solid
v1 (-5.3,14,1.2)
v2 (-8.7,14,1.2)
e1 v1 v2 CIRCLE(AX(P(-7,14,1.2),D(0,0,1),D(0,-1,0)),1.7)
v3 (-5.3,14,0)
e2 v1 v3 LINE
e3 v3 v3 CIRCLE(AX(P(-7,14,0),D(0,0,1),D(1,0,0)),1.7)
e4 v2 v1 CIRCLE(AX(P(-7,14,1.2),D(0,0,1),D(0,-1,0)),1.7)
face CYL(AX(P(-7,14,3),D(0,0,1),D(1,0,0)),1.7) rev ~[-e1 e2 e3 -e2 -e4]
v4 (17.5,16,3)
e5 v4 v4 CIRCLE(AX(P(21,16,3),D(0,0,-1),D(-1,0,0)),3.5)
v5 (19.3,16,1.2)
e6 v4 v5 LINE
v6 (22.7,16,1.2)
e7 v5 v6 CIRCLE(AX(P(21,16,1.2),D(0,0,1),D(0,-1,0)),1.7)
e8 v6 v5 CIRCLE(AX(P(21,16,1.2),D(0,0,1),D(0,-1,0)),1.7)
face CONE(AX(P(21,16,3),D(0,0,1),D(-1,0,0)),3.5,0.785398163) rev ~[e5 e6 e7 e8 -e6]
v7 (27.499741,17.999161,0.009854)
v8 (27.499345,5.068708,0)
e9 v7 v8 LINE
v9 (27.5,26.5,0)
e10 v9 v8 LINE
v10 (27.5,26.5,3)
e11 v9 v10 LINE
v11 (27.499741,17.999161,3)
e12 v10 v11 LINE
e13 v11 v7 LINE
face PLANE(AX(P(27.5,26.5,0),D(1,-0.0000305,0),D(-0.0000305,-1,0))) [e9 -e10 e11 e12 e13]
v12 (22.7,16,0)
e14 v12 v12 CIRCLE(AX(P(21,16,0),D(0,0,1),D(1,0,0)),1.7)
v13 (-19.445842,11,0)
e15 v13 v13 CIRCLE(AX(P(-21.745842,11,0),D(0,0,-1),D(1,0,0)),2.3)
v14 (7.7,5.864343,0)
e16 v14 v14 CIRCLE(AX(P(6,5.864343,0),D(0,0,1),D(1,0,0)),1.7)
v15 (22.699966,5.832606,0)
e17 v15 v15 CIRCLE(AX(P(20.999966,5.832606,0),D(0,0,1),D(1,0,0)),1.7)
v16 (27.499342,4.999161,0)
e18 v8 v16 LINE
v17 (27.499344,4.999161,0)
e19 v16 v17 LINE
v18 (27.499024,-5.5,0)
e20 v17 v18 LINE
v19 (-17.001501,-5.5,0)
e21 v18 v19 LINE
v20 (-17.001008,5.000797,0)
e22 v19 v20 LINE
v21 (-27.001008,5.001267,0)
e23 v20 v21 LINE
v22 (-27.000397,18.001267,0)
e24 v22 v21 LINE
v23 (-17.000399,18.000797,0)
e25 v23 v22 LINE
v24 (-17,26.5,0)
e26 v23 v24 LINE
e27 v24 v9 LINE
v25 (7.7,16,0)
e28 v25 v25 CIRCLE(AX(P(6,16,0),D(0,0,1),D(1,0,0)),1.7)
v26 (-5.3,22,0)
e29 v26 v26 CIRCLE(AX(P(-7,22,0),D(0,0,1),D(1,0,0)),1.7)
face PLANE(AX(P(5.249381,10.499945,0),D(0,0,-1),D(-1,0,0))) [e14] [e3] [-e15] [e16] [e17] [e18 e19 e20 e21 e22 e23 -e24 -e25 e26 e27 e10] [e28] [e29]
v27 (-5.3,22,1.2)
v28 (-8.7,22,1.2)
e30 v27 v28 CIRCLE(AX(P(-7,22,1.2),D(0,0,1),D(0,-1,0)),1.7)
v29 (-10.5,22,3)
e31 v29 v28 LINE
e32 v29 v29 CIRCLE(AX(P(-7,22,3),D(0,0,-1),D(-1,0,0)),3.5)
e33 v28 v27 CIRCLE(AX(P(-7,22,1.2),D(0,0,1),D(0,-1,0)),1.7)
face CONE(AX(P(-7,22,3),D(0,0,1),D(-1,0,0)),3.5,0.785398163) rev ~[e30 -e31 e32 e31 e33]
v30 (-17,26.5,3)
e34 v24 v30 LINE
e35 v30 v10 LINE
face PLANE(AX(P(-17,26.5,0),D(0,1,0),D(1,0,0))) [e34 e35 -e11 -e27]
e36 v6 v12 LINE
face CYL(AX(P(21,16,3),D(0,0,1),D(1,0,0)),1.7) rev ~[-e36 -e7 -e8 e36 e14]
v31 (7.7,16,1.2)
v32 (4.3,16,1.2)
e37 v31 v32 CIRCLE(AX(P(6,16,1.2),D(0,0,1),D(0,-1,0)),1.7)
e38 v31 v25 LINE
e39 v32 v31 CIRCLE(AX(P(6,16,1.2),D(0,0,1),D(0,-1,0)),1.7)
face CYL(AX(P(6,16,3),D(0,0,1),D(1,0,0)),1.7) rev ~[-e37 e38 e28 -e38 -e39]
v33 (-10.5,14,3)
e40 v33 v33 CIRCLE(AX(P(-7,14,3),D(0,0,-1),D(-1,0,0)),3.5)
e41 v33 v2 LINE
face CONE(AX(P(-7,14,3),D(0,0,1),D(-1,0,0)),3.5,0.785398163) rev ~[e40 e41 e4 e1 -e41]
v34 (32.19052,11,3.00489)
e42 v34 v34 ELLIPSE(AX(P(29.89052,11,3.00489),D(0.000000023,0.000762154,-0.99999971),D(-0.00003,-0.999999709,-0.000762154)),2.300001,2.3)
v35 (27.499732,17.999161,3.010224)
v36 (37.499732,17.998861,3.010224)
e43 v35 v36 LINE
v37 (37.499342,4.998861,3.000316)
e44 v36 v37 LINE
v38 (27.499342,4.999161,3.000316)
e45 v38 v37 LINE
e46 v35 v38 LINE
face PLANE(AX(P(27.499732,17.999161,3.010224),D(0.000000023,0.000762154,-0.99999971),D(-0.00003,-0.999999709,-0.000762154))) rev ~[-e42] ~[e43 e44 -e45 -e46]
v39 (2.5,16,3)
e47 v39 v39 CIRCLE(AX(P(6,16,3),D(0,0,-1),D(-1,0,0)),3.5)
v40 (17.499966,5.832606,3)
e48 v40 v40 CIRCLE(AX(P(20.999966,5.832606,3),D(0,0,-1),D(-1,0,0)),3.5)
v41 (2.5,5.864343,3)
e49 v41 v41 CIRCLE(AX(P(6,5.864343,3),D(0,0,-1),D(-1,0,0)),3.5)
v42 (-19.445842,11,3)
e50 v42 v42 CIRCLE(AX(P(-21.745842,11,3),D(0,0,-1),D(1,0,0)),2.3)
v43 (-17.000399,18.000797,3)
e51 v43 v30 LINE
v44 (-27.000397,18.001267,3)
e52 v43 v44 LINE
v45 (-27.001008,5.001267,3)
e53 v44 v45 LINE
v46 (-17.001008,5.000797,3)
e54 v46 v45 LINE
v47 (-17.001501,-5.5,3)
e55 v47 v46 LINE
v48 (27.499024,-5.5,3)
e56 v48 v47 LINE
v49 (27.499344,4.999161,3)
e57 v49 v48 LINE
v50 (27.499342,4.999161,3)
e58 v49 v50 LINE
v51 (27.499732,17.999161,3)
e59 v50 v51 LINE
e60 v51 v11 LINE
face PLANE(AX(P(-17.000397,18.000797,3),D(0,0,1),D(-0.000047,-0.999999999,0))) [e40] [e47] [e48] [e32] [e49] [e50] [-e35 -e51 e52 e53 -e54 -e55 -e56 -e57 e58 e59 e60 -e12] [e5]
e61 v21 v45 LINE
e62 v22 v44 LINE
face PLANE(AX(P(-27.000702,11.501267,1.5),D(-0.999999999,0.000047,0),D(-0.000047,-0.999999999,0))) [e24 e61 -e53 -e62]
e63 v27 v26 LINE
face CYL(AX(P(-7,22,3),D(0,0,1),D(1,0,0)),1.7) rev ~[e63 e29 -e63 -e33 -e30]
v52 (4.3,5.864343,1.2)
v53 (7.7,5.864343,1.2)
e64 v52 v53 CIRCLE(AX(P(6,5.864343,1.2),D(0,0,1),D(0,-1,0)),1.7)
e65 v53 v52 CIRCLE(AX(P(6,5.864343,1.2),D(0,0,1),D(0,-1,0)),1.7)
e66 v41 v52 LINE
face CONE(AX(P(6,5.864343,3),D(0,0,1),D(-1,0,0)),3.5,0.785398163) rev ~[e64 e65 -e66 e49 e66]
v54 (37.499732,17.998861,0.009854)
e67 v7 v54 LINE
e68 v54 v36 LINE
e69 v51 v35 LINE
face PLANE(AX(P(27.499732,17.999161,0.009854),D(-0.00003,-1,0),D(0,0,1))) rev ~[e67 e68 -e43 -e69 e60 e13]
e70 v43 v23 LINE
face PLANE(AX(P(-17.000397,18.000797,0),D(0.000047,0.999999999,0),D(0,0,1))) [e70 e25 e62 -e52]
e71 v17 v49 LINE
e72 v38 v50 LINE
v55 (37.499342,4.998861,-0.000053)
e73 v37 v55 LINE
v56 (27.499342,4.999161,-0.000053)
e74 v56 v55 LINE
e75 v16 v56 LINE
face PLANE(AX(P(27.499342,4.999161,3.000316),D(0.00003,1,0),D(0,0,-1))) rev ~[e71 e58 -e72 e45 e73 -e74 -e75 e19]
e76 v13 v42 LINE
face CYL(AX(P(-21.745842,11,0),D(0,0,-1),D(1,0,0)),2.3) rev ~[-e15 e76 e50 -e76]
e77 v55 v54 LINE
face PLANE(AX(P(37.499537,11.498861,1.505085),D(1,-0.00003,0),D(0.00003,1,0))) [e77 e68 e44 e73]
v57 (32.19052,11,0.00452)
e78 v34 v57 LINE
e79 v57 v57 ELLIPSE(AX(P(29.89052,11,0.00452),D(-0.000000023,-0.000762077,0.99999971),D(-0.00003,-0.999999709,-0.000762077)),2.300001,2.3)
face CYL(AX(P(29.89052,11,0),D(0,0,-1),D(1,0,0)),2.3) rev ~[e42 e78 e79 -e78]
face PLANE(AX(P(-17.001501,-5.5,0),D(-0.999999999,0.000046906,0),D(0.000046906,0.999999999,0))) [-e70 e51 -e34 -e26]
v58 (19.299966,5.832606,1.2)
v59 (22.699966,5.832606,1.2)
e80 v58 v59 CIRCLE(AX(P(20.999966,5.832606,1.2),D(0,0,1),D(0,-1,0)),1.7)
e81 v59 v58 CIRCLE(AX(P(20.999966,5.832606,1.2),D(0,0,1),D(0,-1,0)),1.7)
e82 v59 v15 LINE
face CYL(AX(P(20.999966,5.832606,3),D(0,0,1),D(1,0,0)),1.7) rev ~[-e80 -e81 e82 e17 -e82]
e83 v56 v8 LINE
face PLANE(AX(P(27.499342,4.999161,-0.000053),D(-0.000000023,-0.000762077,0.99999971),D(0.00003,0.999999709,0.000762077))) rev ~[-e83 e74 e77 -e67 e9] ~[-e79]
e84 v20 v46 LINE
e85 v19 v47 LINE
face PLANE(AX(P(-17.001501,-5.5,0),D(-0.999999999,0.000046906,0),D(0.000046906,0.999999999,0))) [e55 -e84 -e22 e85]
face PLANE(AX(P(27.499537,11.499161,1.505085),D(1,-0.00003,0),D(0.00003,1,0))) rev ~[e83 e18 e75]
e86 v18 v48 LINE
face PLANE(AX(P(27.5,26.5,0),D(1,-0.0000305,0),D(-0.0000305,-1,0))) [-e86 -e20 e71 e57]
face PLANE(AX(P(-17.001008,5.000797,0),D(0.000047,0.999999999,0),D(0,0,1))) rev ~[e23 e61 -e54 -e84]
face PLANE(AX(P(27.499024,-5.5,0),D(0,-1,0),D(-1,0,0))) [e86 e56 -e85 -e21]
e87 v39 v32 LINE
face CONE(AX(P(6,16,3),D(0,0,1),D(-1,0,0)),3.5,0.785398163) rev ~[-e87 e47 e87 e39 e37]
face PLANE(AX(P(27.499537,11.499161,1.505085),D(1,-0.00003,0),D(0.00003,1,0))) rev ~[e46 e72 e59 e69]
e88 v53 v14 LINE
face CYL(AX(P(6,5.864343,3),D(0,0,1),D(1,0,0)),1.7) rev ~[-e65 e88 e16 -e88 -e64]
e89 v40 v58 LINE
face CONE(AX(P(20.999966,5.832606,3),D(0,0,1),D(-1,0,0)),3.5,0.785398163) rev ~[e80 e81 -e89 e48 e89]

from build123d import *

# Parameters (mm, degrees)
PAD_DEPTH        = 3
SKETCH001_R      = 1.7
POCKET_DEPTH     = 3
SKETCH002_W      = 13
SKETCH002_H      = 3
PAD001_DEPTH     = 10
PAD002_DEPTH     = 10
SKETCH011_R      = 2.3
POCKET003_DEPTH  = 3
POCKET004_DEPTH  = 4
HOLE_D           = 1.75
HOLE_DEPTH       = 25
HOLE_CSINK_D     = 7
HOLE_CSINK_ANGLE = 90


with BuildPart() as part:
    # Sketch → Pad (new body)
    with BuildSketch(Plane.XY):
        Polygon((-17, 26.5), (27.5, 26.5), (27.499024, -5.5), (-17.001501, -5.5), align=None)
    extrude(amount=PAD_DEPTH)

    # Sketch001 (on Face6 of Pad) → Pocket (cut)
    with BuildSketch(Plane.XY.offset(3)):
        with Locations((-7, 22)):
            Circle(SKETCH001_R)
        with Locations((-7, 14)):
            Circle(SKETCH001_R)
        with Locations((6, 16)):
            Circle(SKETCH001_R)
        with Locations((21, 16)):
            Circle(SKETCH001_R)
        with Locations((6, 5.864343)):
            Circle(SKETCH001_R)
        with Locations((20.999966, 5.832606)):
            Circle(SKETCH001_R)
    extrude(amount=-POCKET_DEPTH, mode=Mode.SUBTRACT)

    # Sketch002 (on Face2 of Pocket) → Pad001 (join)
    with BuildSketch(Plane(origin=(-17.001243, 0.000797, 0), x_dir=(-4.7e-05, -1, 0), z_dir=(-1, 4.7e-05, 0))):
        with Locations((-11.5, 1.5)):
            Rectangle(SKETCH002_W, SKETCH002_H)
    extrude(amount=PAD001_DEPTH)

    # Sketch003 (on Face3 of Pad001) → Pad002 (join)
    with BuildSketch(Plane(origin=(27.499192, -0.000839, 0), x_dir=(3e-05, 1, 0), z_dir=(1, -3e-05, 0))):
        Polygon((5, -5.3e-05), (18, 0.009854), (18, 3.010224), (5, 3.000316), align=None)
    extrude(amount=PAD002_DEPTH)

    # Sketch011 (on Face10 of Pad002) → Pocket003 (cut)
    with BuildSketch(Plane(origin=(0, 0, 0), x_dir=(1, 0, 0), z_dir=(0, 0, -1))):
        with Locations((-21.745842, -11)):
            Circle(SKETCH011_R)
        with Locations((29.89052, -11)):
            Circle(SKETCH011_R)
    extrude(amount=-POCKET003_DEPTH, mode=Mode.SUBTRACT)

    # Sketch011 (on Face10 of Pad002) → Pocket004 (cut)
    with BuildSketch(Plane(origin=(0, 0, 0), x_dir=(1, 0, 0), z_dir=(0, 0, -1))):
        with Locations((-21.745842, -11)):
            Circle(SKETCH011_R)
        with Locations((29.89052, -11)):
            Circle(SKETCH011_R)
    extrude(amount=-POCKET004_DEPTH, mode=Mode.SUBTRACT)

    # Hole
    with Locations(Plane.XY.offset(3)):
        with Locations((-7, 22), (-7, 14), (6, 16), (21, 16), (6, 5.864343), (20.999966, 5.832606)):
            CounterSinkHole(HOLE_D / 2, HOLE_CSINK_D / 2, depth=HOLE_DEPTH, counter_sink_angle=HOLE_CSINK_ANGLE)


solid = part.part
